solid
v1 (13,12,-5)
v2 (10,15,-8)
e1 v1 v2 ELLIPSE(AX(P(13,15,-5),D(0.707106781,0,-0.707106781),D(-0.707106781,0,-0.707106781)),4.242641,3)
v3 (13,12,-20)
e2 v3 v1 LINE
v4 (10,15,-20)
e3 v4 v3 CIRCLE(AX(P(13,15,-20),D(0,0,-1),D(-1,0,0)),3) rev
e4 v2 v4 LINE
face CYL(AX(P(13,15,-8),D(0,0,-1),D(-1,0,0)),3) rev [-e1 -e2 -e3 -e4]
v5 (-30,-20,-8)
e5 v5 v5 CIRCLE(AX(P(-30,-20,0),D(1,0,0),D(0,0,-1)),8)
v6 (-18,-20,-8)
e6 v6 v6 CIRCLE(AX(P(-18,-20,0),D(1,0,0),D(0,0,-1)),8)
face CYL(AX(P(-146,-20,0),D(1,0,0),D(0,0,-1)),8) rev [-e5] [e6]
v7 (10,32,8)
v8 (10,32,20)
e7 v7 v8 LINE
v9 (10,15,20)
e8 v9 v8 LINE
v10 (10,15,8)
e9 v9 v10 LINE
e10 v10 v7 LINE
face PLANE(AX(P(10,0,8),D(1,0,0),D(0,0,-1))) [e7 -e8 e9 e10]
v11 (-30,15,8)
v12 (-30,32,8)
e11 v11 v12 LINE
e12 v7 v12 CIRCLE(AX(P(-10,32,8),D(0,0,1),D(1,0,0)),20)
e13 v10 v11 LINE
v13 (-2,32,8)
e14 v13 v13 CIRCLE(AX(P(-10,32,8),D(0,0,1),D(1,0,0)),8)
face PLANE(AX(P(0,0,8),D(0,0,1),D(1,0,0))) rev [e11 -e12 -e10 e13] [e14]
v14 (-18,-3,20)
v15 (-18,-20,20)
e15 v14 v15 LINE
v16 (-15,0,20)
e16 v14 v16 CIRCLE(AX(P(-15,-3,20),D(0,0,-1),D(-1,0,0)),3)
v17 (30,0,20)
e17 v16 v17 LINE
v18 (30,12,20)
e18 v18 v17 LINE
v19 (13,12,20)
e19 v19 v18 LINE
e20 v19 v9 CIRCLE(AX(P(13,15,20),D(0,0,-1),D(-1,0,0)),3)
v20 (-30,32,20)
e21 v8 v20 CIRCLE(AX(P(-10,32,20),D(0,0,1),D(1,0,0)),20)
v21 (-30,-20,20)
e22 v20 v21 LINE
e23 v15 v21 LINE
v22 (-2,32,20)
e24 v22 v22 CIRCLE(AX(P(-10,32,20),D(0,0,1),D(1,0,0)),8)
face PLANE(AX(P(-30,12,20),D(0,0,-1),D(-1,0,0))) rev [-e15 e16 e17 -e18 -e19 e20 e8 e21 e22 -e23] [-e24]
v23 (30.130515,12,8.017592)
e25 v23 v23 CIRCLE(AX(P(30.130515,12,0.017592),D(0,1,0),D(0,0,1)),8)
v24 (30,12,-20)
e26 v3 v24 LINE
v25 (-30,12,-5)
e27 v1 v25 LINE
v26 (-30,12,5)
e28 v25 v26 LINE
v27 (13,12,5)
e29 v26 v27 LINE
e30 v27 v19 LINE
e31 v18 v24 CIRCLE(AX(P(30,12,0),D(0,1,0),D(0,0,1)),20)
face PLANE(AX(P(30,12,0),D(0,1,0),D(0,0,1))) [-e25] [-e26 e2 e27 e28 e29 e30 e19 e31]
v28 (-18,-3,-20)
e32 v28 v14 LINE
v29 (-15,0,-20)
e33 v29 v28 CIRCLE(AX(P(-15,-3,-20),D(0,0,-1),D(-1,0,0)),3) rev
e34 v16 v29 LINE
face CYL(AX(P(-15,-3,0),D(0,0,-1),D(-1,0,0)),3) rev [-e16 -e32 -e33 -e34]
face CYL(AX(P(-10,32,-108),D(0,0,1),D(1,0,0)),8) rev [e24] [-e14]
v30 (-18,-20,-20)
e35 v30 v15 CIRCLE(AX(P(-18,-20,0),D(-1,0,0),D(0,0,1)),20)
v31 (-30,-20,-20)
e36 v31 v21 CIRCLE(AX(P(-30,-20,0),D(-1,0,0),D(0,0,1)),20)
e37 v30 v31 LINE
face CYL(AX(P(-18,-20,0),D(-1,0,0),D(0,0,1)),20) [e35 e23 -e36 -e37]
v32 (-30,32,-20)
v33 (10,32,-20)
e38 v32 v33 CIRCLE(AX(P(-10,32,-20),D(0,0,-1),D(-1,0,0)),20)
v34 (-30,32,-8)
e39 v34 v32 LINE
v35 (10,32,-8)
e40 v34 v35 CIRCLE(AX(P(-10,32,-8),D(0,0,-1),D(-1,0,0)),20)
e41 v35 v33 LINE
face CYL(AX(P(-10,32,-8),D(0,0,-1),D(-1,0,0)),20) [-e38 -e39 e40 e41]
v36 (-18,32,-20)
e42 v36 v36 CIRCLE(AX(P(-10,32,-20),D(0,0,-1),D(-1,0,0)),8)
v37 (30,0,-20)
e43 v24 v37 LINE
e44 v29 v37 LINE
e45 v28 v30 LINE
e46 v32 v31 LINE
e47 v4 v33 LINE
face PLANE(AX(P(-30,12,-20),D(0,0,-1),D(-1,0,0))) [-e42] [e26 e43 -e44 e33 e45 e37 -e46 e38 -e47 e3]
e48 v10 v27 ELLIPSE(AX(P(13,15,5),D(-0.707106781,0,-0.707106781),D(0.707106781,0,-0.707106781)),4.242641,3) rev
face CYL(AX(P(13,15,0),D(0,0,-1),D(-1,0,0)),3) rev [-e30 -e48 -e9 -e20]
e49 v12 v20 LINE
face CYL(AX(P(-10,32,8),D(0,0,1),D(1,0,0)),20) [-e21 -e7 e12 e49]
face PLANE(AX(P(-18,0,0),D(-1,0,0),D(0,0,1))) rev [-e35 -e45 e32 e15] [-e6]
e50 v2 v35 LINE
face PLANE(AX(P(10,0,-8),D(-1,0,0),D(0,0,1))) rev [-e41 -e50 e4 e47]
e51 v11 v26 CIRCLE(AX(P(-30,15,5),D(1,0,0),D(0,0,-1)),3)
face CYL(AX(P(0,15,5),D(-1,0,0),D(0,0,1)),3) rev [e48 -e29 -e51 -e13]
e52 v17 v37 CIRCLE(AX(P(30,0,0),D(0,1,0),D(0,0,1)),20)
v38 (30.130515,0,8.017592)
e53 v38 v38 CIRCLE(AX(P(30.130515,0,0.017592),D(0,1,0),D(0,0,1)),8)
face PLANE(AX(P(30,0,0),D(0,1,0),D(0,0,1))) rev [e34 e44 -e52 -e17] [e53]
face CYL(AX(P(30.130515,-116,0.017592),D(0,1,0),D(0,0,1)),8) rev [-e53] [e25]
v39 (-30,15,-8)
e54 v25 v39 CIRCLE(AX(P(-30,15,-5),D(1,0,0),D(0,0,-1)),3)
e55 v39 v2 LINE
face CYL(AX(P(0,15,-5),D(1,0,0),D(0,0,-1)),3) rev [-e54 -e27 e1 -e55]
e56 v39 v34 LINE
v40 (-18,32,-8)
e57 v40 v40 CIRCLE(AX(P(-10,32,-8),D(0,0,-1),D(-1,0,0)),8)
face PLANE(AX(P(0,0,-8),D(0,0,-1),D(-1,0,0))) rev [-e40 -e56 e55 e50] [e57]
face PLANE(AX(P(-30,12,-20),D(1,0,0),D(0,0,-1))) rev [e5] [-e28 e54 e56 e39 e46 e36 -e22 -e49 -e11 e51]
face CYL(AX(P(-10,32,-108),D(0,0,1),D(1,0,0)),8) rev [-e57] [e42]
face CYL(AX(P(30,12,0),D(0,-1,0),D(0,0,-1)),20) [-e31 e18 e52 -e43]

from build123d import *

# Parameters (mm, degrees)
BOSS_EXTRUDE1_DEPTH  = 12
BOSS_EXTRUDE11_DEPTH = 12
BOSS_EXTRUDE12_DEPTH = 12
BOSS_EXTRUDE13_DEPTH = 12
SKETCH8_R            = 8
CUT_EXTRUDE1_DEPTH   = 128
SKETCH9_R            = 8
CUT_EXTRUDE2_DEPTH   = 128
SKETCH10_R           = 8
CUT_EXTRUDE4_DEPTH   = 128
FILLET4_R            = 3


with BuildPart() as part:
    # Sketch2 → Boss-Extrude1 (new body)
    with BuildSketch(Plane(origin=(0, 0, 0), x_dir=(1, 0, 0), z_dir=(0, 1, 0))):
        with BuildLine():
            Line((-30, 20), (30, 20))
            ThreePointArc((30, 20), (50, 0), (30, -20))
            Line((30, -20), (-30, -20))
            Line((-30, -20), (-30, 20))
        make_face()
    extrude(amount=BOSS_EXTRUDE1_DEPTH)

    # Sketch3 → Boss-Extrude11 (add)
    with BuildSketch(Plane.XY.offset(20)):
        with BuildLine():
            ThreePointArc((10, 32), (-10, 52), (-30, 32))
            Line((-30, 32), (10, 32))
        make_face()
        with BuildLine():
            ThreePointArc((-30, 32), (-24.142135624, 17.857864376), (-10, 12))
            ThreePointArc((-10, 12), (4.142135624, 17.857864376), (10, 32))
            Line((10, 32), (-30, 32))
        make_face()
        with BuildLine():
            Line((-30, 32), (-30, 12))
            Line((-30, 12), (-10, 12))
            ThreePointArc((-10, 12), (-24.142135624, 17.857864376), (-30, 32))
        make_face()
        with BuildLine():
            ThreePointArc((10, 32), (4.142135624, 17.857864376), (-10, 12))
            Line((-10, 12), (10, 12))
            Line((10, 12), (10, 32))
        make_face()
    extrude(amount=-BOSS_EXTRUDE11_DEPTH)

    # Sketch5 → Boss-Extrude12 (add)
    with BuildSketch(Plane(origin=(0, 0, -20), x_dir=(-1, 0, 0), z_dir=(0, 0, -1))):
        with BuildLine():
            Line((10, 12), (30, 12))
            Line((30, 12), (30, 32))
            ThreePointArc((30, 32), (24.142135624, 17.857864376), (10, 12))
        make_face()
        with BuildLine():
            Line((-10, 12), (10, 12))
            ThreePointArc((10, 12), (-4.142135624, 17.857864376), (-10, 32))
            Line((-10, 32), (-10, 12))
        make_face()
        with BuildLine():
            ThreePointArc((-10, 32), (-4.142135624, 17.857864376), (10, 12))
            ThreePointArc((10, 12), (24.142135624, 17.857864376), (30, 32))
            Line((30, 32), (-10, 32))
        make_face()
        with BuildLine():
            Line((-10, 32), (30, 32))
            ThreePointArc((30, 32), (10, 52), (-10, 32))
        make_face()
    extrude(amount=-BOSS_EXTRUDE12_DEPTH)

    # Sketch6 → Boss-Extrude13 (add)
    with BuildSketch(Plane.ZY.offset(30)):
        with BuildLine():
            Line((20, 0), (0, 0))
            ThreePointArc((0, 0), (14.142135624, -5.857864376), (20, -20))
            Line((20, -20), (20, 0))
        make_face()
        with BuildLine():
            Line((0, 0), (-20, 0))
            Line((-20, 0), (-20, -20))
            ThreePointArc((-20, -20), (-14.142135624, -5.857864376), (0, 0))
        make_face()
        with BuildLine():
            ThreePointArc((20, -20), (14.142135624, -5.857864376), (0, 0))
            ThreePointArc((0, 0), (-14.142135624, -5.857864376), (-20, -20))
            Line((-20, -20), (20, -20))
        make_face()
        with BuildLine():
            Line((20, -20), (-20, -20))
            ThreePointArc((-20, -20), (0, -40), (20, -20))
        make_face()
    extrude(amount=-BOSS_EXTRUDE13_DEPTH)

    # Sketch8 → Cut-Extrude1 (cut)
    with BuildSketch(Plane.XY.offset(20)):
        with Locations((-10, 32)):
            Circle(SKETCH8_R)
    extrude(amount=-CUT_EXTRUDE1_DEPTH, mode=Mode.SUBTRACT)

    # Sketch9 → Cut-Extrude2 (cut)
    with BuildSketch(Plane(origin=(0, 12, 0), x_dir=(1, 0, 0), z_dir=(0, 1, 0))):
        with Locations((30.130515164, -0.017591691)):
            Circle(SKETCH9_R)
    extrude(amount=-CUT_EXTRUDE2_DEPTH, mode=Mode.SUBTRACT)

    # Sketch10 → Cut-Extrude4 (cut)
    with BuildSketch(Plane(origin=(-18, 0, 0), x_dir=(0, 0, -1), z_dir=(1, 0, 0))):
        with Locations((0, -20)):
            Circle(SKETCH10_R)
    extrude(amount=-CUT_EXTRUDE4_DEPTH, mode=Mode.SUBTRACT)

    # Fillet4
    fillet4_edges = [part.edges().sort_by_distance(p)[0] for p in [
        (10, 12, 14),
        (-10, 12, 8),
        (10, 12, -14),
        (-10, 12, -8),
        (-18, 0, 0),
    ]]
    fillet(fillet4_edges, radius=FILLET4_R)


solid = part.part
